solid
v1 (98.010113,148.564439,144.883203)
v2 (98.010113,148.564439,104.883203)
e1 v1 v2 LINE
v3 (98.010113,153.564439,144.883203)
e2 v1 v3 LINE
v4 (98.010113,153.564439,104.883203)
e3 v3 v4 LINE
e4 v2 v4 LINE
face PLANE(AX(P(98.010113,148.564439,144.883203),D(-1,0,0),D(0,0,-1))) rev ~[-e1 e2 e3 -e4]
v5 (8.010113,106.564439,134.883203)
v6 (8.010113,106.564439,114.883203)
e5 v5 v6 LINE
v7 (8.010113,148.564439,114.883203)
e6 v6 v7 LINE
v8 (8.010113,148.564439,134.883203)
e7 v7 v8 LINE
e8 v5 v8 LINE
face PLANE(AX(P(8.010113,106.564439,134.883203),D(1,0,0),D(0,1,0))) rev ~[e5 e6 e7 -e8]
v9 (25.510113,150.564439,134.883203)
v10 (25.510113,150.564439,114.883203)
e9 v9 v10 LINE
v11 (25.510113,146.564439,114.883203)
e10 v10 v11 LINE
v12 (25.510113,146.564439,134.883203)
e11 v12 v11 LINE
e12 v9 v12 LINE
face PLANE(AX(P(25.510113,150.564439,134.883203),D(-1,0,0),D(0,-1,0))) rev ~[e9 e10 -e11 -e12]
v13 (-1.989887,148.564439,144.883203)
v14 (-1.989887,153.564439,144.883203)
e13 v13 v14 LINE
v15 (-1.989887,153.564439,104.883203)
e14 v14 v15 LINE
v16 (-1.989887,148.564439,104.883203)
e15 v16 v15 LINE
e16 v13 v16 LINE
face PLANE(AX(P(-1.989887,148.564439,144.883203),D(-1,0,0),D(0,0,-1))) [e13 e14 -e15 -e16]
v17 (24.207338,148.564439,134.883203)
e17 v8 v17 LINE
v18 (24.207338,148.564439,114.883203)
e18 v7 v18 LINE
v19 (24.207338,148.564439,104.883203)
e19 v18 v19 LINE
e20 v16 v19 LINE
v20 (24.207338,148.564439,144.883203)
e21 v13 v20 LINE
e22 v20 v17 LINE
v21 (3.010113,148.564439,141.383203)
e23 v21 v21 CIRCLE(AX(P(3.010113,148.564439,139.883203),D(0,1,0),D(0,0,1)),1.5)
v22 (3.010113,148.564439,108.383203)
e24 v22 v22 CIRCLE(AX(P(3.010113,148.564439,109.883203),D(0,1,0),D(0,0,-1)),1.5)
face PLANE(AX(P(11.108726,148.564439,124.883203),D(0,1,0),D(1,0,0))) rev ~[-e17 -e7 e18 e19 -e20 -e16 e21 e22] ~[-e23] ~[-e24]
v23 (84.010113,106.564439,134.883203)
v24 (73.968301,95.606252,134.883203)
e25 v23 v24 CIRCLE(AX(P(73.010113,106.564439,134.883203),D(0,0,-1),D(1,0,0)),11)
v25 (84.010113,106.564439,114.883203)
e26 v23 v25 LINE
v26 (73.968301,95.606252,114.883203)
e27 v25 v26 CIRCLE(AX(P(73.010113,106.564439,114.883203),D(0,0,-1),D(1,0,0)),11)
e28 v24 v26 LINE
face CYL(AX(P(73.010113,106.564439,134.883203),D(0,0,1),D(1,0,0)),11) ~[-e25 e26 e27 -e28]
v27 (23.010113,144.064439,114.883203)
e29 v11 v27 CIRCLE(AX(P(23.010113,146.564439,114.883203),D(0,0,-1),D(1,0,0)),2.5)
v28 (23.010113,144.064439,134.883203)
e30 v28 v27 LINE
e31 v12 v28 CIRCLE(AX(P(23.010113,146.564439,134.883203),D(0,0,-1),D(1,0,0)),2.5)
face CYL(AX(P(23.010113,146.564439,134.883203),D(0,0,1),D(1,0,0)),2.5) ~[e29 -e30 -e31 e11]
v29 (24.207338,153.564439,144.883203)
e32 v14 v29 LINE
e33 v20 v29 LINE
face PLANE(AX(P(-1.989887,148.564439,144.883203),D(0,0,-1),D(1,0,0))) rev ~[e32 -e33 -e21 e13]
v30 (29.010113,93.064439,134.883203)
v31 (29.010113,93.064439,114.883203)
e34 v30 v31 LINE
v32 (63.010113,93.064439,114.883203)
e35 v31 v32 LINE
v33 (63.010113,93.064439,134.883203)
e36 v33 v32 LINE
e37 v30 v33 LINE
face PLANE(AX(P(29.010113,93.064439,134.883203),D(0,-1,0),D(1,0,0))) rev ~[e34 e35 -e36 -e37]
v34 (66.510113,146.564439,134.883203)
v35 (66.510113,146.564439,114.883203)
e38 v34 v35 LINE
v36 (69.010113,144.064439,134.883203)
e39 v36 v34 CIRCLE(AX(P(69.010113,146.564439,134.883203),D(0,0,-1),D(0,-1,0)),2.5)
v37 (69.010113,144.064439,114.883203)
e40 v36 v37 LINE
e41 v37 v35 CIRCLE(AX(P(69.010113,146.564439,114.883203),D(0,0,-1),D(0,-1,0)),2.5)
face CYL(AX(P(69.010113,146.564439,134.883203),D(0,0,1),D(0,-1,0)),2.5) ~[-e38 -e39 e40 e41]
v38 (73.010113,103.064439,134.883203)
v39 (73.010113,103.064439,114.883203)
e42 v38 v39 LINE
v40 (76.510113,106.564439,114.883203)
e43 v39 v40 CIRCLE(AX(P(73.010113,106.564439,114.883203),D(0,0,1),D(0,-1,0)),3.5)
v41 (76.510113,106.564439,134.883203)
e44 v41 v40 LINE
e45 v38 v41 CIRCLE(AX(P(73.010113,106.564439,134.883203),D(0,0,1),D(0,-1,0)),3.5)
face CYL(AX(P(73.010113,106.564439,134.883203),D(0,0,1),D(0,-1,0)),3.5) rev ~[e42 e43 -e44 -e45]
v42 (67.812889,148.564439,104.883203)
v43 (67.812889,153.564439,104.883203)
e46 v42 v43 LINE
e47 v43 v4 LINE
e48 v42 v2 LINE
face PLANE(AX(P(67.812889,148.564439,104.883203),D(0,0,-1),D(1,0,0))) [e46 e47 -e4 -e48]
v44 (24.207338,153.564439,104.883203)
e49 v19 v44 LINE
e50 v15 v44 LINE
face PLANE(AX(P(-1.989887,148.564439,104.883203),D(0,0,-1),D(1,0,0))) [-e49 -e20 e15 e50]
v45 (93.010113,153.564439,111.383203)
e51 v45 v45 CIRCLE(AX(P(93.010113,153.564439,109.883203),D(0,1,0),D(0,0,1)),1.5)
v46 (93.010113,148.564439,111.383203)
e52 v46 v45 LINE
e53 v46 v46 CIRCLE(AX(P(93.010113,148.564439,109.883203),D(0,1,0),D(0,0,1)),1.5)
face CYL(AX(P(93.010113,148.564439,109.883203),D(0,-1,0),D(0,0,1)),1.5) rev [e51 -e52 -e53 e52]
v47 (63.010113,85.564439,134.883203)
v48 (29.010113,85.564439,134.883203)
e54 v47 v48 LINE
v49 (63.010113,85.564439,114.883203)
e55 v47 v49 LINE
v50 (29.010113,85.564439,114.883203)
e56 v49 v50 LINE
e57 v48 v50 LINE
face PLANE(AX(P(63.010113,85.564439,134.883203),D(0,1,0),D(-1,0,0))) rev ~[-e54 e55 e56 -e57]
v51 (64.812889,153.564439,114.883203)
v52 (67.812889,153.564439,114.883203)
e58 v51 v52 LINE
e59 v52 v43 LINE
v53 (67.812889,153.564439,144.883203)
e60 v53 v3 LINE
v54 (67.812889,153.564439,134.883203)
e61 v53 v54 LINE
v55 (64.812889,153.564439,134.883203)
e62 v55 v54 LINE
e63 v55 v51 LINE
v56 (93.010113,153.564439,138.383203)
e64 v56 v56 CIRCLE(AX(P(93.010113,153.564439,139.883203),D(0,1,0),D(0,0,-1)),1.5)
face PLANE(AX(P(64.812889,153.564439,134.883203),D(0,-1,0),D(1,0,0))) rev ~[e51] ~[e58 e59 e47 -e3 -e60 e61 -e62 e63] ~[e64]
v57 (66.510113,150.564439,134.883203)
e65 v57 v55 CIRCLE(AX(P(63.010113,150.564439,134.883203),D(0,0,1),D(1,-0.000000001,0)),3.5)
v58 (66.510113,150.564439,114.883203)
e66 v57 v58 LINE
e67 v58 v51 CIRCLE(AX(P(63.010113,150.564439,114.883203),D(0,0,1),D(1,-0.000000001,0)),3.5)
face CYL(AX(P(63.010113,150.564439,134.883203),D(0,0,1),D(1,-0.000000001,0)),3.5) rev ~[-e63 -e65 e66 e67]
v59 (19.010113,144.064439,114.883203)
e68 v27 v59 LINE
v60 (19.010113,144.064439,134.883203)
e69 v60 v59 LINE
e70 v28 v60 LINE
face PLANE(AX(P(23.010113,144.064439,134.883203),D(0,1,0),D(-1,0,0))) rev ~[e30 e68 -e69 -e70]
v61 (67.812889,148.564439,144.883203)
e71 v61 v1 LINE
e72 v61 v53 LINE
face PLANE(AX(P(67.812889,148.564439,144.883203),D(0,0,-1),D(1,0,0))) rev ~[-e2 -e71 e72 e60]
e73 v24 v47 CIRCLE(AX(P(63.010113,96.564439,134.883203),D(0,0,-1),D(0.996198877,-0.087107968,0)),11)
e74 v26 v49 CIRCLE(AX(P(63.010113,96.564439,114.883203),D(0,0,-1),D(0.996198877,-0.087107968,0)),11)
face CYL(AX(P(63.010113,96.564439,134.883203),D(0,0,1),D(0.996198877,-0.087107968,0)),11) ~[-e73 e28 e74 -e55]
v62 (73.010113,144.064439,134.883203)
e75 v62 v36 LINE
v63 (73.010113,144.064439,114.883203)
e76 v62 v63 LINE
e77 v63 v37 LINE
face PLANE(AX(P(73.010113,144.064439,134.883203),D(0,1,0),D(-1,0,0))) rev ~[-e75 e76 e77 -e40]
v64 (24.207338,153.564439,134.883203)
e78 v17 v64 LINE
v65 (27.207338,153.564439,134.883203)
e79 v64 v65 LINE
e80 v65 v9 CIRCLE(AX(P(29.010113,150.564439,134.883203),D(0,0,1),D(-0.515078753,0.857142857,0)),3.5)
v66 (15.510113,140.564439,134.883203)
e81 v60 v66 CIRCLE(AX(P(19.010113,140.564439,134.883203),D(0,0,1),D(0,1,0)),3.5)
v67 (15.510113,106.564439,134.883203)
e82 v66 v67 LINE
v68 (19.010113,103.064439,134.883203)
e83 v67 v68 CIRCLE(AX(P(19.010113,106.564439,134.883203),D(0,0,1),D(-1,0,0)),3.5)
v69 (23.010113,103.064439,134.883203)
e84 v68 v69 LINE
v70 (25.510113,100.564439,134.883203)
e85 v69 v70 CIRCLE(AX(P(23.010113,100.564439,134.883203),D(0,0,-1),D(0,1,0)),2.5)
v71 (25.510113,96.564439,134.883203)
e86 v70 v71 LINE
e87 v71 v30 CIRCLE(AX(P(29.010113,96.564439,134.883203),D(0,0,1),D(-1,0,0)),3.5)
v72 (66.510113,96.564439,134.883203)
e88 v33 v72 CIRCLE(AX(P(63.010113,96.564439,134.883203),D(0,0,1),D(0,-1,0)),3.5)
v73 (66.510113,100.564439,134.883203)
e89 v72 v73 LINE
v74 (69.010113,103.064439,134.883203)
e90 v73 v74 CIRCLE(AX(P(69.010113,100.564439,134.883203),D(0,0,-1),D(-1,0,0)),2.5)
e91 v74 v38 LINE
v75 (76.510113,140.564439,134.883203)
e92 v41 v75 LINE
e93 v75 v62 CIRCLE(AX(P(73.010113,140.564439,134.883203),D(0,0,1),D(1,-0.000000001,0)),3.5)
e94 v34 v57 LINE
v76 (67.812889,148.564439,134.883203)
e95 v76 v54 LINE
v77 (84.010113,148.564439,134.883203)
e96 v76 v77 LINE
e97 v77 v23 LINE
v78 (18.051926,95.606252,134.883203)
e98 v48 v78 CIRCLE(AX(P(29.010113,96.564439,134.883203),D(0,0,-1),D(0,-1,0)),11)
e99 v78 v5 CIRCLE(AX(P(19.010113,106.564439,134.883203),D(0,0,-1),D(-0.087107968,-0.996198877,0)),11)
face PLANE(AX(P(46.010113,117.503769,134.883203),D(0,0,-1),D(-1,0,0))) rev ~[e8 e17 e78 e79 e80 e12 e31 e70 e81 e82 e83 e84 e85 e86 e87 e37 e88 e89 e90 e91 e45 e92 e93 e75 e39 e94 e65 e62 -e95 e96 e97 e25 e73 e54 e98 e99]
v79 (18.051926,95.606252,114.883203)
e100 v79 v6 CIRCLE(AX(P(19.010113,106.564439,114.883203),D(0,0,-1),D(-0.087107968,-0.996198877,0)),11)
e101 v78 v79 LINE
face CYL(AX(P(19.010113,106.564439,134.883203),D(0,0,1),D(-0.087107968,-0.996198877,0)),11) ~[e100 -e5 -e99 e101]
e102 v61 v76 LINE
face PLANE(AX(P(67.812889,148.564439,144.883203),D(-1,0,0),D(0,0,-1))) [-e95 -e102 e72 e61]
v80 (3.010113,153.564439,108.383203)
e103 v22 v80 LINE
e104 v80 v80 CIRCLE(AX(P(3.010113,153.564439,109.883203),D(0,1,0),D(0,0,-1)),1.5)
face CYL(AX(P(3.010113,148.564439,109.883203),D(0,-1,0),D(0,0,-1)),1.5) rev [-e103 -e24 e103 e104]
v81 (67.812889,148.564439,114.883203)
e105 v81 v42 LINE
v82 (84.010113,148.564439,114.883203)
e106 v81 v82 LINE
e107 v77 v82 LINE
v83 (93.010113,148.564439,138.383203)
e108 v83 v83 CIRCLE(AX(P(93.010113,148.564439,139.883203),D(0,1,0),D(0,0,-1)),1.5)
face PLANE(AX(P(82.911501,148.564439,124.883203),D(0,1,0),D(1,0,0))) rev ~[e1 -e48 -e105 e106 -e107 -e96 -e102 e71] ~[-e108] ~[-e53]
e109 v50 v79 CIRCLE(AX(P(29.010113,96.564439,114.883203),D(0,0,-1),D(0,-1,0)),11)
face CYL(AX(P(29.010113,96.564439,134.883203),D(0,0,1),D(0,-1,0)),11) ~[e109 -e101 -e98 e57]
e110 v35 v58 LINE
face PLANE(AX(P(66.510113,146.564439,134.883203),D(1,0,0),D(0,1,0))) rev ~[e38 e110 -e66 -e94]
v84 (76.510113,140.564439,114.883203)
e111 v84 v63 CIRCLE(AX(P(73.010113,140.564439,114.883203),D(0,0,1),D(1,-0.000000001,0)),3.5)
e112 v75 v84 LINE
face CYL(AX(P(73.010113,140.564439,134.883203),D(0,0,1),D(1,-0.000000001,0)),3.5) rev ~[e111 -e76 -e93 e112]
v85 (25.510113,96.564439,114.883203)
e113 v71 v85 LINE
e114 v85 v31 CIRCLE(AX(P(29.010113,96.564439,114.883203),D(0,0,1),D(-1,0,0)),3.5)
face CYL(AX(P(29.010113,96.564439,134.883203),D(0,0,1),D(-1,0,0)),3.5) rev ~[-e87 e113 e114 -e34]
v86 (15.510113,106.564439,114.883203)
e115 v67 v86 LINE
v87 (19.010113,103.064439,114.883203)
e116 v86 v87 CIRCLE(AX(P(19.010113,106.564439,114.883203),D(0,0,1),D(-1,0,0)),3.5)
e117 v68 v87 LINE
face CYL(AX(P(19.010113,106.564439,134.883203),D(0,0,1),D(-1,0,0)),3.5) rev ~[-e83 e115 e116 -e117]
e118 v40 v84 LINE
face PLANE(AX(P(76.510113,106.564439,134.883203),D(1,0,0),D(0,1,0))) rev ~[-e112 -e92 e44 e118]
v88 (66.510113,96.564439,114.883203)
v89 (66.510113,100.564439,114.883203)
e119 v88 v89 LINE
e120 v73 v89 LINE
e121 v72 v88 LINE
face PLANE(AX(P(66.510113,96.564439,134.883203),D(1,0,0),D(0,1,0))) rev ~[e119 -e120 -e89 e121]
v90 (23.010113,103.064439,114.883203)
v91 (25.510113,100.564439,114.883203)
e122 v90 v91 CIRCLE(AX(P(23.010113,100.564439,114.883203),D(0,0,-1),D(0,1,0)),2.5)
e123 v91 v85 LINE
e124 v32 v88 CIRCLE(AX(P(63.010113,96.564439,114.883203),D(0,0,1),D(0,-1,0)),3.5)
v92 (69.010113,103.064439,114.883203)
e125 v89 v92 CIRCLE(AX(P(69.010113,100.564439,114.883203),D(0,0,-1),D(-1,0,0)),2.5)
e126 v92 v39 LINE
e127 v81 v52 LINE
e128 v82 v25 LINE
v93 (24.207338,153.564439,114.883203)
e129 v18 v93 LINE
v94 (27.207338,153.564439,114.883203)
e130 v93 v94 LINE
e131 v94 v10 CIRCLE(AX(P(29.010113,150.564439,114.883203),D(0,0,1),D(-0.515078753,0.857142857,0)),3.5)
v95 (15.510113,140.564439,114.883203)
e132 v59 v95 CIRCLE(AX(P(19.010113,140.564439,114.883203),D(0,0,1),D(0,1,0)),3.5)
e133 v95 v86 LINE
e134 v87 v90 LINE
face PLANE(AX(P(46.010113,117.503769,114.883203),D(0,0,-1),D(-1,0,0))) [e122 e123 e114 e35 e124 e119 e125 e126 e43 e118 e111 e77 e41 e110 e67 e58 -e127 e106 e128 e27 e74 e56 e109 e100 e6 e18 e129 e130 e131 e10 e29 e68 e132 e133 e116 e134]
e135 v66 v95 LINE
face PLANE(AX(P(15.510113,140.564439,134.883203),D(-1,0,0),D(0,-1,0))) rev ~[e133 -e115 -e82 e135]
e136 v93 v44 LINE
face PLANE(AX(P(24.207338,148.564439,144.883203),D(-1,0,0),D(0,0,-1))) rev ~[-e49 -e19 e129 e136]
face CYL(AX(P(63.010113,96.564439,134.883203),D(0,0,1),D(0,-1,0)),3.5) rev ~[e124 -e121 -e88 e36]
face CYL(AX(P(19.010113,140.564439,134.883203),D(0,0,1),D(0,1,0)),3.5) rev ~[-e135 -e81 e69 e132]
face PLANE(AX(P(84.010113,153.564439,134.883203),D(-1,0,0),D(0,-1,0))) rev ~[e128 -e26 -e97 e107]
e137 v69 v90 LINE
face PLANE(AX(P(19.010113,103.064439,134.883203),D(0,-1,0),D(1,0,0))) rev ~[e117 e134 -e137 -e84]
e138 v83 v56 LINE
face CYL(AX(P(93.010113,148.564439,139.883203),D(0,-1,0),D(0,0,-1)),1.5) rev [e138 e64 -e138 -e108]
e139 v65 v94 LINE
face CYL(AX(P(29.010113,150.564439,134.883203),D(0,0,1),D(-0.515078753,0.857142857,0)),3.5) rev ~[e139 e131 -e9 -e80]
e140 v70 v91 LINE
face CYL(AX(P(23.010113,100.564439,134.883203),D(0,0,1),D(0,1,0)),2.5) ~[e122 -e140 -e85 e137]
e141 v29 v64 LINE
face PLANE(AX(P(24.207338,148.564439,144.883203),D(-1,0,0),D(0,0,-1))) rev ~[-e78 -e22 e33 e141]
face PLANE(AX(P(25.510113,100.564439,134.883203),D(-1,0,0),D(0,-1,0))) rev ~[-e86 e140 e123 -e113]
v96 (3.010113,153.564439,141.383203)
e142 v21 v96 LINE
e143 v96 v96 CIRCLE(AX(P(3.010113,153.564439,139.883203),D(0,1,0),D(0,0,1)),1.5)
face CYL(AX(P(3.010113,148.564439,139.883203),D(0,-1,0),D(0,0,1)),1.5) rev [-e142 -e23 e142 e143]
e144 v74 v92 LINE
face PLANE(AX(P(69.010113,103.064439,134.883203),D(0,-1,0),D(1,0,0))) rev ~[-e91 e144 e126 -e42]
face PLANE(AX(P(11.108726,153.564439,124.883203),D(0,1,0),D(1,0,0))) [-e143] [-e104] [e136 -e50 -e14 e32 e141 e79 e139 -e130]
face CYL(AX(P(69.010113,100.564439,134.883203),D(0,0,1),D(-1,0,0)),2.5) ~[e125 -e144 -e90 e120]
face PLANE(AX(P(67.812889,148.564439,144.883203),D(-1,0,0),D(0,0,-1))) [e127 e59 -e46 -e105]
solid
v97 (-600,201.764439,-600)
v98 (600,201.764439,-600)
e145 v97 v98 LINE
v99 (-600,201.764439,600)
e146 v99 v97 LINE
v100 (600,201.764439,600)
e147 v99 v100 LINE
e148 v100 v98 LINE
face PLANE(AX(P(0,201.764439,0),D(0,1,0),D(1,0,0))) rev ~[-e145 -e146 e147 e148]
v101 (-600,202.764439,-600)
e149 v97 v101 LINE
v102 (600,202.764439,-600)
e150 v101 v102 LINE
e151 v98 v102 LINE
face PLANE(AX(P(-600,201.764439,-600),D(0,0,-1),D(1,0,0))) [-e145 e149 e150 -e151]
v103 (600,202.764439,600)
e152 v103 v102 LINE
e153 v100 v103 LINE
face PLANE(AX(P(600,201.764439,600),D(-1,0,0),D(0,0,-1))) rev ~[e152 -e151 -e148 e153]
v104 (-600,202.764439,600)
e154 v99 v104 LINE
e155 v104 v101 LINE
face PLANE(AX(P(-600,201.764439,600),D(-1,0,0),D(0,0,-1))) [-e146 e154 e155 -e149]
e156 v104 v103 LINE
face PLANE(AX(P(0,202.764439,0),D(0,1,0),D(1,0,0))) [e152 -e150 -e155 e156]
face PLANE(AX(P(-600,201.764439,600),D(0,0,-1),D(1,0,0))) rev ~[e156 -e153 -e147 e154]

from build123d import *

# Parameters (mm, degrees)
BOSS_EXTRUDE1_DEPTH = 20
BOSS_EXTRUDE2_START = -5
SKETCH3_W           = 26.197224363
SKETCH3_H           = 40
SKETCH3_R           = 1.5
SKETCH3_W_2         = 30.197224362
BOSS_EXTRUDE2_DEPTH = 5
SKETCH4_W           = 1200
SKETCH4_H           = 1200
BOSS_EXTRUDE3_DEPTH = 1


with BuildPart() as part:
    # Sketch2 → Boss-Extrude1 (new body)
    with BuildSketch(Plane(origin=(0, 0, 134.88320255), x_dir=(-1, 0, 0), z_dir=(0, 0, -1))):
        with BuildLine():
            Line((-8.010113394, 153.56443927), (-27.207337757, 153.56443927))
            ThreePointArc((-27.207337757, 153.56443927), (-25.963827563, 152.287849446), (-25.510113394, 150.56443927))
            Line((-25.510113394, 150.56443927), (-25.510113394, 146.56443927))
            ThreePointArc((-25.510113394, 146.56443927), (-24.777880347, 144.796672317), (-23.010113394, 144.06443927))
            Line((-23.010113394, 144.06443927), (-19.010113394, 144.06443927))
            ThreePointArc((-19.010113394, 144.06443927), (-16.53523966, 143.039313005), (-15.510113394, 140.56443927))
            Line((-15.510113394, 140.56443927), (-15.510113394, 106.56443927))
            ThreePointArc((-15.510113394, 106.56443927), (-16.53523966, 104.089565536), (-19.010113394, 103.06443927))
            Line((-19.010113394, 103.06443927), (-23.010113394, 103.06443927))
            ThreePointArc((-23.010113394, 103.06443927), (-24.777880347, 102.332206223), (-25.510113394, 100.56443927))
            Line((-25.510113394, 100.56443927), (-25.510113394, 96.56443927))
            ThreePointArc((-25.510113394, 96.56443927), (-26.53523966, 94.089565536), (-29.010113394, 93.06443927))
            Line((-29.010113394, 93.06443927), (-63.010113394, 93.06443927))
            ThreePointArc((-63.010113394, 93.06443927), (-65.484987129, 94.089565536), (-66.510113394, 96.56443927))
            Line((-66.510113394, 96.56443927), (-66.510113394, 100.56443927))
            ThreePointArc((-66.510113394, 100.56443927), (-67.242346441, 102.332206223), (-69.010113394, 103.06443927))
            Line((-69.010113394, 103.06443927), (-73.010113394, 103.06443927))
            ThreePointArc((-73.010113394, 103.06443927), (-75.484987129, 104.089565536), (-76.510113394, 106.56443927))
            Line((-76.510113394, 106.56443927), (-76.510113394, 140.56443927))
            ThreePointArc((-76.510113394, 140.56443927), (-75.484987129, 143.039313005), (-73.010113394, 144.06443927))
            Line((-73.010113394, 144.06443927), (-69.010113394, 144.06443927))
            ThreePointArc((-69.010113394, 144.06443927), (-67.242346441, 144.796672317), (-66.510113394, 146.56443927))
            Line((-66.510113394, 146.56443927), (-66.510113394, 150.56443927))
            ThreePointArc((-66.510113394, 150.56443927), (-66.056399226, 152.287849446), (-64.812889032, 153.56443927))
            Line((-64.812889032, 153.56443927), (-84.010113394, 153.56443927))
            Line((-84.010113394, 153.56443927), (-84.010113394, 140.56443927))
            Line((-84.010113394, 140.56443927), (-84.010113394, 106.56443927))
            ThreePointArc((-84.010113394, 106.56443927), (-81.119985899, 99.13275252), (-73.968301038, 95.606251627))
            ThreePointArc((-73.968301038, 95.606251627), (-70.441800145, 88.454566766), (-63.010113394, 85.56443927))
            Line((-63.010113394, 85.56443927), (-29.010113394, 85.56443927))
            ThreePointArc((-29.010113394, 85.56443927), (-21.578426644, 88.454566766), (-18.051925751, 95.606251627))
            ThreePointArc((-18.051925751, 95.606251627), (-10.90024089, 99.13275252), (-8.010113394, 106.56443927))
            Line((-8.010113394, 106.56443927), (-8.010113394, 140.56443927))
            Line((-8.010113394, 140.56443927), (-8.010113394, 153.56443927))
        make_face()
    extrude(amount=BOSS_EXTRUDE1_DEPTH)

    # Sketch3 → Boss-Extrude2 (add)
    # profile 1 of 2: a face of its own
    with BuildSketch(Plane(origin=(0, 153.56443927, 0), x_dir=(1, 0, 0), z_dir=(0, 1, 0)).offset(BOSS_EXTRUDE2_START)):
        with Locations((11.108725576, -124.88320255)):
            Rectangle(SKETCH3_W, SKETCH3_H)
        with Locations(Location((3.010113394, -139.88320255, 0), (0, 0, 270))):
            Circle(SKETCH3_R, mode=Mode.SUBTRACT)
        with Locations(Location((3.010113394, -109.88320255, 0), (0, 0, 90))):
            Circle(SKETCH3_R, mode=Mode.SUBTRACT)
    # profile 2 of 2: a face of its own
    with BuildSketch(Plane(origin=(0, 153.56443927, 0), x_dir=(1, 0, 0), z_dir=(0, 1, 0)).offset(BOSS_EXTRUDE2_START)):
        with Locations((82.911501213, -124.88320255)):
            Rectangle(SKETCH3_W_2, SKETCH3_H)
        with Locations(Location((93.010113394, -109.88320255, 0), (0, 0, 270))):
            Circle(SKETCH3_R, mode=Mode.SUBTRACT)
        with Locations(Location((93.010113394, -139.88320255, 0), (0, 0, 90))):
            Circle(SKETCH3_R, mode=Mode.SUBTRACT)
    extrude(amount=BOSS_EXTRUDE2_DEPTH)


with BuildPart() as body_2:
    # Sketch4 → Boss-Extrude3 (new body)
    with BuildSketch(Plane(origin=(0, 201.76443927, 0), x_dir=(1, 0, 0), z_dir=(0, 1, 0))):
        Rectangle(SKETCH4_W, SKETCH4_H)
    extrude(amount=BOSS_EXTRUDE3_DEPTH)


solid = Compound([part.part, body_2.part])
